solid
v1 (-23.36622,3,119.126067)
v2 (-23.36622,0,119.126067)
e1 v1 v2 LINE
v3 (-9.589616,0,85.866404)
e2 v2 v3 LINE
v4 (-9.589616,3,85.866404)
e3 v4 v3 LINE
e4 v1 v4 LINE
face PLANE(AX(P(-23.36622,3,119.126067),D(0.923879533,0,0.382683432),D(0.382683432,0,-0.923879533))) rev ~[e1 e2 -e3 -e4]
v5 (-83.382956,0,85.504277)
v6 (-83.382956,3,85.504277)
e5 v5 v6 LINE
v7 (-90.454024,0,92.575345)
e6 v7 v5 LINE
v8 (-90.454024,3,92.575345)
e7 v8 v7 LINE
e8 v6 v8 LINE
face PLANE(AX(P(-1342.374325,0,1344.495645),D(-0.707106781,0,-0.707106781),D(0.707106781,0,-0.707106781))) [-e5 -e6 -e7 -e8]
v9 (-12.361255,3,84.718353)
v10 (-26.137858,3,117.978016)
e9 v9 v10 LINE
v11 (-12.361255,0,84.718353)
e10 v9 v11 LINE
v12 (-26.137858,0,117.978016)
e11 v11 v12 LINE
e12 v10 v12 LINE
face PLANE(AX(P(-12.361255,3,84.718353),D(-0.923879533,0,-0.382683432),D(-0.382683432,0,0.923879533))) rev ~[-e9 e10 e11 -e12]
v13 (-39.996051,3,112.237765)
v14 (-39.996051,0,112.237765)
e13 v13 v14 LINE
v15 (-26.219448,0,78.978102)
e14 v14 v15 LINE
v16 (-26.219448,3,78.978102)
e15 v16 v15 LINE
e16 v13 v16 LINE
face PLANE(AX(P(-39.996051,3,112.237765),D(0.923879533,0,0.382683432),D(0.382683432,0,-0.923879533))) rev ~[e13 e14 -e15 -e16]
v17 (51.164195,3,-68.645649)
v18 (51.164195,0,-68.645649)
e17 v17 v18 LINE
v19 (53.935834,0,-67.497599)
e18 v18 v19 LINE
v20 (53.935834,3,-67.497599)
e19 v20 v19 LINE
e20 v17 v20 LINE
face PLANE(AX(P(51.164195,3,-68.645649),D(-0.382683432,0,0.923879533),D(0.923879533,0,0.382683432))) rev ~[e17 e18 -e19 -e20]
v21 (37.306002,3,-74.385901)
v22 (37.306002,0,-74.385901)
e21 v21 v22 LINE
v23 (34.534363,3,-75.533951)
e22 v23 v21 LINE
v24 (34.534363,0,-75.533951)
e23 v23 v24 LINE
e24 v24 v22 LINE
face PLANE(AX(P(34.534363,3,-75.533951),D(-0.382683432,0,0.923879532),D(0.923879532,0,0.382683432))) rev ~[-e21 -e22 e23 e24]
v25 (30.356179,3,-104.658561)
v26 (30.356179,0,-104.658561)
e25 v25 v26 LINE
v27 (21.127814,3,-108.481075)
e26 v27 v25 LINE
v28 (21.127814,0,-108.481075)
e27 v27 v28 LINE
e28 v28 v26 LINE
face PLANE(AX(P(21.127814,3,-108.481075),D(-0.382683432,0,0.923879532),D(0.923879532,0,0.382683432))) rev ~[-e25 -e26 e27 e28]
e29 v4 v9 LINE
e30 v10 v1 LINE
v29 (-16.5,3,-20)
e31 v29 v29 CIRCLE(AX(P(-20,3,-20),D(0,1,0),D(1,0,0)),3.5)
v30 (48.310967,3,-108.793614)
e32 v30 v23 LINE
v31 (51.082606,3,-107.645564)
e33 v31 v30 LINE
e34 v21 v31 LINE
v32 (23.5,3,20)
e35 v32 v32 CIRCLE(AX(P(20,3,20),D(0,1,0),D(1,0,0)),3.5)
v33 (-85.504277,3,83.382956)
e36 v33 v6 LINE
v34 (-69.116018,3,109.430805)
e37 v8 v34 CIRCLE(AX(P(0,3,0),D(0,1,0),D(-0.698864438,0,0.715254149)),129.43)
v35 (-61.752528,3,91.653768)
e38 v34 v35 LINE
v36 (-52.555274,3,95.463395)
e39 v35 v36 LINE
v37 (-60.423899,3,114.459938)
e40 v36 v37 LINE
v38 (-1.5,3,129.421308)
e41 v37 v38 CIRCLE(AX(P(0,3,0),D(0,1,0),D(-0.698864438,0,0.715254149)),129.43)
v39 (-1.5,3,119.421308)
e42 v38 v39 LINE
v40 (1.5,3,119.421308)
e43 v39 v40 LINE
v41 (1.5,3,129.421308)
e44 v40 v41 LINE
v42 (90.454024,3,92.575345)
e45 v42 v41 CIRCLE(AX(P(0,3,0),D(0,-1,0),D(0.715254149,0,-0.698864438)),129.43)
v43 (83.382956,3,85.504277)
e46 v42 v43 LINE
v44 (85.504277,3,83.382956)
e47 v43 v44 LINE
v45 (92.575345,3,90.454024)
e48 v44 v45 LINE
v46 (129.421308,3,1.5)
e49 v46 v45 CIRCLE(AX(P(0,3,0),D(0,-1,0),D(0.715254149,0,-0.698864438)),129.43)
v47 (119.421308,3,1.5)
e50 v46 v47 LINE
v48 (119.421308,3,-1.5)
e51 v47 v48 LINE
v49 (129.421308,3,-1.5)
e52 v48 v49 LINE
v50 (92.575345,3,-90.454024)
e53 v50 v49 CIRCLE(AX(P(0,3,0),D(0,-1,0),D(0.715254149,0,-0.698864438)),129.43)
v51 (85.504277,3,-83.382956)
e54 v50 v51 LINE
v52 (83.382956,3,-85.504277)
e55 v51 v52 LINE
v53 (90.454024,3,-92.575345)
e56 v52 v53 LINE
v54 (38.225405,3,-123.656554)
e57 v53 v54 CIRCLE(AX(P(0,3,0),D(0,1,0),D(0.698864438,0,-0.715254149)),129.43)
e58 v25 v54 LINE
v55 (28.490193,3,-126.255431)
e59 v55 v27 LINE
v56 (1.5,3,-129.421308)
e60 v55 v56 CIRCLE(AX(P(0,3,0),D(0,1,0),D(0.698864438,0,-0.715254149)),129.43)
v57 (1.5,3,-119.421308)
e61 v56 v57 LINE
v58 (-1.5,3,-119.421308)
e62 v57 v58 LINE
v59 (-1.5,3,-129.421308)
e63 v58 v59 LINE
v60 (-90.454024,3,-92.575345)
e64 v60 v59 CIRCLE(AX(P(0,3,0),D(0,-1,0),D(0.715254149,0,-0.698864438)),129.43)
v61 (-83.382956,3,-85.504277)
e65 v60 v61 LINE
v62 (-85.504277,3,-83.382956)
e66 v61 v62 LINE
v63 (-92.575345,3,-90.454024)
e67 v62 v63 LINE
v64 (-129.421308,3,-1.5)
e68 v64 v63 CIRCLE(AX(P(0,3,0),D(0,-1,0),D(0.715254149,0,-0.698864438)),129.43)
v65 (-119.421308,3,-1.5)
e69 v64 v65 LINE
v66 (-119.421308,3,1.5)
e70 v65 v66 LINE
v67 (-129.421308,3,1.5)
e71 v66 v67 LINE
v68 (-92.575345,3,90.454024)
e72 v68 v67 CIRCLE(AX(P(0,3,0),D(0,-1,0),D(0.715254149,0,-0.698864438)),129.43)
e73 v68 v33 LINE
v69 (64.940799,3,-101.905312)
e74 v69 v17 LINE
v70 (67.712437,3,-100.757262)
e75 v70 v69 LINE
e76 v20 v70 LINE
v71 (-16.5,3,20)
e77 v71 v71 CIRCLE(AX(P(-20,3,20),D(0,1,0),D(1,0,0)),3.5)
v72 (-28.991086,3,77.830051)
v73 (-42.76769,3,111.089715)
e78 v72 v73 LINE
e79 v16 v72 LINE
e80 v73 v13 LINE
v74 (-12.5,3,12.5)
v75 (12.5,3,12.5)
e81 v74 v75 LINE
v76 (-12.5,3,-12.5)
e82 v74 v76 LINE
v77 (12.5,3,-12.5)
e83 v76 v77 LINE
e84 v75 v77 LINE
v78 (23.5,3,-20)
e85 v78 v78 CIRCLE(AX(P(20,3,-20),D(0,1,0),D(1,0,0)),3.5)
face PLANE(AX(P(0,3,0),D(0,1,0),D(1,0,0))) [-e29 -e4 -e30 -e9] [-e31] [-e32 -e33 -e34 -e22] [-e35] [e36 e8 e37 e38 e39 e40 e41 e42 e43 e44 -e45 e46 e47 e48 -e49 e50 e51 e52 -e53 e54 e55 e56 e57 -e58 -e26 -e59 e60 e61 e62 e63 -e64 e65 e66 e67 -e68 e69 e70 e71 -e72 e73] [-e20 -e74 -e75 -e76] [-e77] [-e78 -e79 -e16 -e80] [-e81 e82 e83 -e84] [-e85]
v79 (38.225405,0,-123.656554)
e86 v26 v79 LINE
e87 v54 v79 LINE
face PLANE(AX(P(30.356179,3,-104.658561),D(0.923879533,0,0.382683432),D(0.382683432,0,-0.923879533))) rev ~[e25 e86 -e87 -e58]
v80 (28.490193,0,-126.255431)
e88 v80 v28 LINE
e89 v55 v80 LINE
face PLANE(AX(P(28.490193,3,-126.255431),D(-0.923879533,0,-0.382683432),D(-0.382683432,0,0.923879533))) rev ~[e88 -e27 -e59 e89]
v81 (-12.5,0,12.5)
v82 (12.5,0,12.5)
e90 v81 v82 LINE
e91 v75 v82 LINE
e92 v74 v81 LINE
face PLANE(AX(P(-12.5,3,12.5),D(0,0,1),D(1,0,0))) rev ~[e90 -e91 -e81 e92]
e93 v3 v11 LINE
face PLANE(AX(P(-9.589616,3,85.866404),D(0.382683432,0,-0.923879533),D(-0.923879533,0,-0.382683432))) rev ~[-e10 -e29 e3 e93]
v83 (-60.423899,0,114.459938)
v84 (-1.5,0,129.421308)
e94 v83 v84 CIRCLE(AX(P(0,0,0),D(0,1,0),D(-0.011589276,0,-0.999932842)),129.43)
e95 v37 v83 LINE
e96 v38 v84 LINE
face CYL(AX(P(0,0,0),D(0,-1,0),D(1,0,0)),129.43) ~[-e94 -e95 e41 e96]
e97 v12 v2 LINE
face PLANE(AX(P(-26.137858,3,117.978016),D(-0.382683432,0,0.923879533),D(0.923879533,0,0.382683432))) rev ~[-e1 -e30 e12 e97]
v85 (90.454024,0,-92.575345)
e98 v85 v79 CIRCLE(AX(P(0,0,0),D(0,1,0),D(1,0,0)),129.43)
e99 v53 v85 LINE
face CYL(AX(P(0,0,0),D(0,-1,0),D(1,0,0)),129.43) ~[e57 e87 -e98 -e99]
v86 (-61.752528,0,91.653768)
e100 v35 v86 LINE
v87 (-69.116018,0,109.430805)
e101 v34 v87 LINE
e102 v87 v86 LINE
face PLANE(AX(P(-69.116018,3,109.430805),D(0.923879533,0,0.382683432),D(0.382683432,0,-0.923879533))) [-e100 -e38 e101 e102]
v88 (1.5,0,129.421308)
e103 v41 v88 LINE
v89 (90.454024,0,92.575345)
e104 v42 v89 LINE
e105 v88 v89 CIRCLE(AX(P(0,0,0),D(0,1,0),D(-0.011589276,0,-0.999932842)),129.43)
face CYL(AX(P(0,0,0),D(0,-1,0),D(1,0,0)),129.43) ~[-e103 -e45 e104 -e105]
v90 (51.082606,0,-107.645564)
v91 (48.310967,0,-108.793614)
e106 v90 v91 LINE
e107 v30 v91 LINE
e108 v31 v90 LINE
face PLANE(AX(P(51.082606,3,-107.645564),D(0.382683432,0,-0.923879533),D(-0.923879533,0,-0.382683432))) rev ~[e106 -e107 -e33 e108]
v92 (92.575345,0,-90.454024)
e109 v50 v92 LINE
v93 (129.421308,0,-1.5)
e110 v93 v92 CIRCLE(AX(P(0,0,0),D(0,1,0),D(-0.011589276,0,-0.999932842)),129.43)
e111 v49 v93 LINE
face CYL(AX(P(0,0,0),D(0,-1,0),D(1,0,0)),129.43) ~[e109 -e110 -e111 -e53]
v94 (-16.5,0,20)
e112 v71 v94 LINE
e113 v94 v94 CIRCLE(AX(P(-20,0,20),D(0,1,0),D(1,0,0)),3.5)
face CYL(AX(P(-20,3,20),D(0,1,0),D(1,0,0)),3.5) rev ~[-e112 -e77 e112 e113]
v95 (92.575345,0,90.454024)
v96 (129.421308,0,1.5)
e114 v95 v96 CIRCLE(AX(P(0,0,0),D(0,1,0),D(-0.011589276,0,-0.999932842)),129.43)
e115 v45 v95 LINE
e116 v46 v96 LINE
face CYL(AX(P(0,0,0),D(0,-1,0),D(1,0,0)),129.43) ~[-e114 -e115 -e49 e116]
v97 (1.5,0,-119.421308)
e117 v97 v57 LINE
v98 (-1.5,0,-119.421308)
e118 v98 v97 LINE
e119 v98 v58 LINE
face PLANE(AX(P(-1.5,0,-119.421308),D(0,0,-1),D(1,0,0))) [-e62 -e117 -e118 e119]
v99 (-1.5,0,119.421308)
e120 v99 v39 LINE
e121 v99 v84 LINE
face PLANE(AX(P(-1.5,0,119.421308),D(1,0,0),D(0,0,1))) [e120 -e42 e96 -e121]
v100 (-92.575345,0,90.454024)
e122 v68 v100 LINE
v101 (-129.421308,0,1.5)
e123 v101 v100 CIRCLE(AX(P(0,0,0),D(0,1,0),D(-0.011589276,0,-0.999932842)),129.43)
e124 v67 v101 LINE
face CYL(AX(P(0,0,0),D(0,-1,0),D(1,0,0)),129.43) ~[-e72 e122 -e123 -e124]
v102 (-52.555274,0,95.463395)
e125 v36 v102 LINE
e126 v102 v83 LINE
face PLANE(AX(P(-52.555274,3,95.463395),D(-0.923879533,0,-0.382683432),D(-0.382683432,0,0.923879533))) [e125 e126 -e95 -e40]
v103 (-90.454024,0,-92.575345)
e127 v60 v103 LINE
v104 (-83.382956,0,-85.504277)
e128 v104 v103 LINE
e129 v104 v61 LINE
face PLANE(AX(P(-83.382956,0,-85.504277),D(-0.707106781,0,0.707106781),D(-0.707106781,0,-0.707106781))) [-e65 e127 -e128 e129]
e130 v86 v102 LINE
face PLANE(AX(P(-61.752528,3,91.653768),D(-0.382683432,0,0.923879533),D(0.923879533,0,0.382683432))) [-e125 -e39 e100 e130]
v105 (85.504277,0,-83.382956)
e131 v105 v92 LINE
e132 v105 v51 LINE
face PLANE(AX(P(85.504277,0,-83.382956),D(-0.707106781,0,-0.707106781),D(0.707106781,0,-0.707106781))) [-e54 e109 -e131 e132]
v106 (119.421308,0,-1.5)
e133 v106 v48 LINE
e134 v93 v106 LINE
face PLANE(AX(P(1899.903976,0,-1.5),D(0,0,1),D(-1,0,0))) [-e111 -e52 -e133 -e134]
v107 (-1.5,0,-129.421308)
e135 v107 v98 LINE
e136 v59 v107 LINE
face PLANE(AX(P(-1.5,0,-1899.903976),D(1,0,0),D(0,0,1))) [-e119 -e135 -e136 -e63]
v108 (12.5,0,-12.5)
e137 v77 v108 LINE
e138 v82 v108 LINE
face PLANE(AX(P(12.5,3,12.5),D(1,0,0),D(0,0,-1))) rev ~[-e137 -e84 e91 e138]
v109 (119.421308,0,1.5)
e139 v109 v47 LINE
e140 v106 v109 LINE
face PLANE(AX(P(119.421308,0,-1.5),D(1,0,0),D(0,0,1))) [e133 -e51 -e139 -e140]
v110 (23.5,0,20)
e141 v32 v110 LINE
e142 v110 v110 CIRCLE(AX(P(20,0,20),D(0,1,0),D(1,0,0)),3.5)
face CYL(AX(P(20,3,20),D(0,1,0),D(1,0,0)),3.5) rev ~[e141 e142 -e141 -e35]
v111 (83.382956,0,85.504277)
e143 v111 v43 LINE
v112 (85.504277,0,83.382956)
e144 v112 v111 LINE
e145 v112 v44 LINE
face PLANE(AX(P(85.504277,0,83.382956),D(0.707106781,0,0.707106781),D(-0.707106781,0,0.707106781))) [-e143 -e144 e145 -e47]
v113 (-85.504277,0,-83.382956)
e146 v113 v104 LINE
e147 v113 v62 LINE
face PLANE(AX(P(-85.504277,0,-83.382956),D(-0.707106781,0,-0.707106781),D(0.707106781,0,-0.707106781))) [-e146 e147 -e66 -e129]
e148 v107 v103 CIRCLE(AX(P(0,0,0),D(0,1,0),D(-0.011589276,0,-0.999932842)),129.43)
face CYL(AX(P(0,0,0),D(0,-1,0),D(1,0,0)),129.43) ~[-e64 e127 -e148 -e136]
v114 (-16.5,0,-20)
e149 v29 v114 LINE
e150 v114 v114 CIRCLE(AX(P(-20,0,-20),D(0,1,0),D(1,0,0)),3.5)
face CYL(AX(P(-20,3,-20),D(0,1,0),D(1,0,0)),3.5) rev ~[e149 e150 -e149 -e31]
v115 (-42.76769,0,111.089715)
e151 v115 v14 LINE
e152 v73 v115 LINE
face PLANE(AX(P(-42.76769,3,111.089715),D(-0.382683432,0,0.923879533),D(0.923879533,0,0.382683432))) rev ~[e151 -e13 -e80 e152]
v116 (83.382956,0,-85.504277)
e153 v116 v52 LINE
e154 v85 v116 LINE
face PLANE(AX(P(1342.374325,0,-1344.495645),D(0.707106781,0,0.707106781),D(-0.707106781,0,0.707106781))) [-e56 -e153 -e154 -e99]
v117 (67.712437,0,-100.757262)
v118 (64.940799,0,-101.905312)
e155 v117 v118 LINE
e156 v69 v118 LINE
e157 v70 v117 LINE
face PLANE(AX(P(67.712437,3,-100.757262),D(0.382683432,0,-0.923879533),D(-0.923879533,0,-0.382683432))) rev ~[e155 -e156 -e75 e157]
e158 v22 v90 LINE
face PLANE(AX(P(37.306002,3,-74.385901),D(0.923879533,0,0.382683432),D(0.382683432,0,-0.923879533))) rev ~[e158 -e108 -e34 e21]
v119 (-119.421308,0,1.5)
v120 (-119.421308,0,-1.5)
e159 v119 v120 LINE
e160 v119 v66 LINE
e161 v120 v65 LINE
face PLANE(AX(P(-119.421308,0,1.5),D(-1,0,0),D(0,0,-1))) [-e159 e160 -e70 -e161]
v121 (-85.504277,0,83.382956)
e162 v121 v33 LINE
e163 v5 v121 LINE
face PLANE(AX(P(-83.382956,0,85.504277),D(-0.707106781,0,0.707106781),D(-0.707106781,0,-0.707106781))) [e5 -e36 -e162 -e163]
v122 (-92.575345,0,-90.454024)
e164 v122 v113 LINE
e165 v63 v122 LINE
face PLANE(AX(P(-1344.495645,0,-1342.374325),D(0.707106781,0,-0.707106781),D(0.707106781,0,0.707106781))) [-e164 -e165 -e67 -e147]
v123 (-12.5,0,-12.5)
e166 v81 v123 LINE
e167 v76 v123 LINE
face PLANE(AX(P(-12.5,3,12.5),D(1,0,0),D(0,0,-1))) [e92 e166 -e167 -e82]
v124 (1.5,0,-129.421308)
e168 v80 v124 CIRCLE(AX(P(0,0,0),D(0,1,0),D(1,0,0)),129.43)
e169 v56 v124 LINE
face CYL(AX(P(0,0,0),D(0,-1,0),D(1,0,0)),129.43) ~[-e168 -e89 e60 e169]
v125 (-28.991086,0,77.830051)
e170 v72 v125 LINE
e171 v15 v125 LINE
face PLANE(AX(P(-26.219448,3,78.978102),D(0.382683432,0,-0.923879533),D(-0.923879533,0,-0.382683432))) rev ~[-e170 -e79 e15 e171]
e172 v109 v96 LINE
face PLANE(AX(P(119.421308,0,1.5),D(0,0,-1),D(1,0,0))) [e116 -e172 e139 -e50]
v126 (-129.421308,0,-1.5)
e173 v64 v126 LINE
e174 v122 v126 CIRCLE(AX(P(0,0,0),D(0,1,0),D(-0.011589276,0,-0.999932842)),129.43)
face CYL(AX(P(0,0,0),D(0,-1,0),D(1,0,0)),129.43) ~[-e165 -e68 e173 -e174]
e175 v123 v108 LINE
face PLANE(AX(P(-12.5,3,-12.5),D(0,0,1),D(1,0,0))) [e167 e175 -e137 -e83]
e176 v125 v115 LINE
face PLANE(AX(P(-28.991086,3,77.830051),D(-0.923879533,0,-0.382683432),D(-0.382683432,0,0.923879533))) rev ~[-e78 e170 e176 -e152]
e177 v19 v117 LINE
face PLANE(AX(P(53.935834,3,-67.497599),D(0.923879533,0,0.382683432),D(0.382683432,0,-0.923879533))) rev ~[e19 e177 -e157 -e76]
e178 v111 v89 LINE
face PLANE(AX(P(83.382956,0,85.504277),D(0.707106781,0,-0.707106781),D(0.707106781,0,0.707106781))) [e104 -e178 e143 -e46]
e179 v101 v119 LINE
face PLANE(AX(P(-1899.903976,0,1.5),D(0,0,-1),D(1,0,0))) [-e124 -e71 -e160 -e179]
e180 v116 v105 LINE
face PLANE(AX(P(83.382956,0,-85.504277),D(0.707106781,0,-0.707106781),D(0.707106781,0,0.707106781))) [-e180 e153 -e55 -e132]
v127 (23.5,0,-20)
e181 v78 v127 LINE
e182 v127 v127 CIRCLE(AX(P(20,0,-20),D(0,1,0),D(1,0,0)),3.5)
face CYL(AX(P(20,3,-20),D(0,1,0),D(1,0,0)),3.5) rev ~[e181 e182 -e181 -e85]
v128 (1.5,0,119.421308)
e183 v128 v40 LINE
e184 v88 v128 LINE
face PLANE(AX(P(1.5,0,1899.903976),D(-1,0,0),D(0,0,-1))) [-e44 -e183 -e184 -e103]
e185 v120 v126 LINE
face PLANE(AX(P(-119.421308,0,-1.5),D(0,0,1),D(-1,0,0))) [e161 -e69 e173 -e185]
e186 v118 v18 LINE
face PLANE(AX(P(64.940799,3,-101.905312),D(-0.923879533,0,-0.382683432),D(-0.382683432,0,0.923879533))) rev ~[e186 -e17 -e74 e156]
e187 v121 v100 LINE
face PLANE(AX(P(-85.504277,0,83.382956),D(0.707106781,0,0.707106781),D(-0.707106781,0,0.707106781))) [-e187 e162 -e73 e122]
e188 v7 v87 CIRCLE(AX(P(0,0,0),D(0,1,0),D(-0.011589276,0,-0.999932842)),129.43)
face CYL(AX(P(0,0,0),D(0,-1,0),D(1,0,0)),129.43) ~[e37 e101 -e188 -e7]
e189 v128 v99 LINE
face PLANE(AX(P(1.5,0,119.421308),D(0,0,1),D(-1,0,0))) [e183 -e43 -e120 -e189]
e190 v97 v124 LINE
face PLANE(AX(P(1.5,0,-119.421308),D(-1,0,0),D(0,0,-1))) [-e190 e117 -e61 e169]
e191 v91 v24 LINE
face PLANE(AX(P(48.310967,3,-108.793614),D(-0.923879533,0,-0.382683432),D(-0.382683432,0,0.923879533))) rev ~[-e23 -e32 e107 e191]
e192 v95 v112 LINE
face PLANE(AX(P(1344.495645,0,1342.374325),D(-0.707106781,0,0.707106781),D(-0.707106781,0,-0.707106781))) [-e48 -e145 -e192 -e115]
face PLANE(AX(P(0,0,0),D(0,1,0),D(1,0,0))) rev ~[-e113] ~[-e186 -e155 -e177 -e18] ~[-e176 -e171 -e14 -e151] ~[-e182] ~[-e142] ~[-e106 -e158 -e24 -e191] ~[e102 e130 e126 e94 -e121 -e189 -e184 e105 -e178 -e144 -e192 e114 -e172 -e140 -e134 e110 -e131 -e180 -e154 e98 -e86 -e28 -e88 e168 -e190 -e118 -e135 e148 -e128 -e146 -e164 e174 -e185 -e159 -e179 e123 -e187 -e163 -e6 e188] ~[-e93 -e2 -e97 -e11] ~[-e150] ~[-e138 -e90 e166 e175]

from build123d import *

# Parameters (mm, degrees)
SKETCH1_R               = 129.43
BOSS_EXTRUDE1_DEPTH     = 3
CUT_EXTRUDE2_START      = -3
CUT_EXTRUDE2_DEPTH      = 4
CIRPATTERN1_COUNT       = 8
SKETCH4_R               = 3.5
SKETCH4_W               = 25
SKETCH4_H               = 25
CUT_EXTRUDE3_DEPTH      = 3
CUT_EXTRUDE4_DEPTH      = 10
CUT_EXTRUDE5_DEPTH      = 1
CUT_EXTRUDE5_DEPTH_BACK = 3
CUT_EXTRUDE6_DEPTH      = 1
CUT_EXTRUDE6_DEPTH_BACK = 3


with BuildPart() as part:
    # Sketch1 → Boss-Extrude1 (new body)
    with BuildSketch(Plane(origin=(0, 0, 0), x_dir=(1, 0, 0), z_dir=(0, 1, 0))):
        Circle(SKETCH1_R)
    extrude(amount=BOSS_EXTRUDE1_DEPTH)

    # Sketch2 → Cut-Extrude2 (cut)
    with BuildSketch(Plane(origin=(0, 3, 0), x_dir=(1, 0, 0), z_dir=(0, 1, 0)).offset(CUT_EXTRUDE2_START)):
        Polygon((-1.5, 719.582197244), (-1.5, 129.421307751), (-1.5, 119.421307751), (1.5, 119.421307751), (1.5, 129.421307751), (1.5, 719.582197244), (1.5, 1899.903976231), (-1.5, 1899.903976231), align=None)
    cut_extrude2 = extrude(amount=CUT_EXTRUDE2_DEPTH, mode=Mode.SUBTRACT)

    # CirPattern1: Cut-Extrude2 ×8 about axis
    cirpattern1_axis = Axis((0, 0, 0), (0, -1, 0))
    for i in range(1, CIRPATTERN1_COUNT):
        add(cut_extrude2.rotate(cirpattern1_axis, i * 360 / CIRPATTERN1_COUNT), mode=Mode.SUBTRACT)

    # Sketch4 → Cut-Extrude3 (cut)
    with BuildSketch(Plane(origin=(0, 3, 0), x_dir=(1, 0, 0), z_dir=(0, 1, 0))):
        with Locations((20, 20)):
            Circle(SKETCH4_R)
        with Locations((20, -20)):
            Circle(SKETCH4_R)
        with Locations((-20, -20)):
            Circle(SKETCH4_R)
        with Locations((-20, 20)):
            Circle(SKETCH4_R)
        Rectangle(SKETCH4_W, SKETCH4_H)
    extrude(amount=-CUT_EXTRUDE3_DEPTH, mode=Mode.SUBTRACT)

    # Sketch5 → Cut-Extrude4 (cut)
    with BuildSketch(Plane(origin=(0, 3, 0), x_dir=(1, 0, 0), z_dir=(0, 1, 0))):
        Polygon((-42.767689854, -111.089714666), (-39.996051256, -112.237764963), (-26.219447691, -78.978101793), (-28.991086289, -77.830051496), align=None)
        Polygon((-26.137858269, -117.978016449), (-23.366219671, -119.126066746), (-9.589616106, -85.866403575), (-12.361254704, -84.718353278), align=None)
        Polygon((53.935833667, 67.497598822), (67.712437232, 100.757261992), (64.940798634, 101.905312289), (51.164195069, 68.645649119), align=None)
        Polygon((37.306002081, 74.385900604), (51.082605647, 107.645563775), (48.310967049, 108.793614072), (34.534363484, 75.533950901), align=None)
    extrude(amount=-CUT_EXTRUDE4_DEPTH, mode=Mode.SUBTRACT)

    # Sketch6 → Cut-Extrude5 (cut, two sides)
    with BuildSketch(Plane(origin=(0, 3, 0), x_dir=(1, 0, 0), z_dir=(0, 1, 0))) as cut_extrude5_sk:
        Polygon((264.658286272, 696.415643975), (28.490193223, 126.255430735), (21.127814063, 108.481075117), (30.356179145, 104.658561141), (38.225405343, 123.656553754), (274.393498392, 693.816766994), (592.742329798, 1886.329311701), (583.007117678, 1888.928188682), align=None)
    extrude(amount=CUT_EXTRUDE5_DEPTH, mode=Mode.SUBTRACT)
    extrude(cut_extrude5_sk.sketch, amount=-CUT_EXTRUDE5_DEPTH_BACK, mode=Mode.SUBTRACT)

    # Sketch8 → Cut-Extrude6 (cut, two sides)
    with BuildSketch(Plane(origin=(0, 3, 0), x_dir=(1, 0, 0), z_dir=(0, 1, 0))) as cut_extrude6_sk:
        Polygon((-310.659690478, -692.568815319), (-69.116017705, -109.430804605), (-61.752527909, -91.653767674), (-52.555273509, -95.463395183), (-60.423899034, -114.459937644), (-301.967571807, -697.597948358), (-934.16352501, -1790.255908717), (-942.855643681, -1785.226775678), align=None)
    extrude(amount=CUT_EXTRUDE6_DEPTH, mode=Mode.SUBTRACT)
    extrude(cut_extrude6_sk.sketch, amount=-CUT_EXTRUDE6_DEPTH_BACK, mode=Mode.SUBTRACT)


solid = part.part
